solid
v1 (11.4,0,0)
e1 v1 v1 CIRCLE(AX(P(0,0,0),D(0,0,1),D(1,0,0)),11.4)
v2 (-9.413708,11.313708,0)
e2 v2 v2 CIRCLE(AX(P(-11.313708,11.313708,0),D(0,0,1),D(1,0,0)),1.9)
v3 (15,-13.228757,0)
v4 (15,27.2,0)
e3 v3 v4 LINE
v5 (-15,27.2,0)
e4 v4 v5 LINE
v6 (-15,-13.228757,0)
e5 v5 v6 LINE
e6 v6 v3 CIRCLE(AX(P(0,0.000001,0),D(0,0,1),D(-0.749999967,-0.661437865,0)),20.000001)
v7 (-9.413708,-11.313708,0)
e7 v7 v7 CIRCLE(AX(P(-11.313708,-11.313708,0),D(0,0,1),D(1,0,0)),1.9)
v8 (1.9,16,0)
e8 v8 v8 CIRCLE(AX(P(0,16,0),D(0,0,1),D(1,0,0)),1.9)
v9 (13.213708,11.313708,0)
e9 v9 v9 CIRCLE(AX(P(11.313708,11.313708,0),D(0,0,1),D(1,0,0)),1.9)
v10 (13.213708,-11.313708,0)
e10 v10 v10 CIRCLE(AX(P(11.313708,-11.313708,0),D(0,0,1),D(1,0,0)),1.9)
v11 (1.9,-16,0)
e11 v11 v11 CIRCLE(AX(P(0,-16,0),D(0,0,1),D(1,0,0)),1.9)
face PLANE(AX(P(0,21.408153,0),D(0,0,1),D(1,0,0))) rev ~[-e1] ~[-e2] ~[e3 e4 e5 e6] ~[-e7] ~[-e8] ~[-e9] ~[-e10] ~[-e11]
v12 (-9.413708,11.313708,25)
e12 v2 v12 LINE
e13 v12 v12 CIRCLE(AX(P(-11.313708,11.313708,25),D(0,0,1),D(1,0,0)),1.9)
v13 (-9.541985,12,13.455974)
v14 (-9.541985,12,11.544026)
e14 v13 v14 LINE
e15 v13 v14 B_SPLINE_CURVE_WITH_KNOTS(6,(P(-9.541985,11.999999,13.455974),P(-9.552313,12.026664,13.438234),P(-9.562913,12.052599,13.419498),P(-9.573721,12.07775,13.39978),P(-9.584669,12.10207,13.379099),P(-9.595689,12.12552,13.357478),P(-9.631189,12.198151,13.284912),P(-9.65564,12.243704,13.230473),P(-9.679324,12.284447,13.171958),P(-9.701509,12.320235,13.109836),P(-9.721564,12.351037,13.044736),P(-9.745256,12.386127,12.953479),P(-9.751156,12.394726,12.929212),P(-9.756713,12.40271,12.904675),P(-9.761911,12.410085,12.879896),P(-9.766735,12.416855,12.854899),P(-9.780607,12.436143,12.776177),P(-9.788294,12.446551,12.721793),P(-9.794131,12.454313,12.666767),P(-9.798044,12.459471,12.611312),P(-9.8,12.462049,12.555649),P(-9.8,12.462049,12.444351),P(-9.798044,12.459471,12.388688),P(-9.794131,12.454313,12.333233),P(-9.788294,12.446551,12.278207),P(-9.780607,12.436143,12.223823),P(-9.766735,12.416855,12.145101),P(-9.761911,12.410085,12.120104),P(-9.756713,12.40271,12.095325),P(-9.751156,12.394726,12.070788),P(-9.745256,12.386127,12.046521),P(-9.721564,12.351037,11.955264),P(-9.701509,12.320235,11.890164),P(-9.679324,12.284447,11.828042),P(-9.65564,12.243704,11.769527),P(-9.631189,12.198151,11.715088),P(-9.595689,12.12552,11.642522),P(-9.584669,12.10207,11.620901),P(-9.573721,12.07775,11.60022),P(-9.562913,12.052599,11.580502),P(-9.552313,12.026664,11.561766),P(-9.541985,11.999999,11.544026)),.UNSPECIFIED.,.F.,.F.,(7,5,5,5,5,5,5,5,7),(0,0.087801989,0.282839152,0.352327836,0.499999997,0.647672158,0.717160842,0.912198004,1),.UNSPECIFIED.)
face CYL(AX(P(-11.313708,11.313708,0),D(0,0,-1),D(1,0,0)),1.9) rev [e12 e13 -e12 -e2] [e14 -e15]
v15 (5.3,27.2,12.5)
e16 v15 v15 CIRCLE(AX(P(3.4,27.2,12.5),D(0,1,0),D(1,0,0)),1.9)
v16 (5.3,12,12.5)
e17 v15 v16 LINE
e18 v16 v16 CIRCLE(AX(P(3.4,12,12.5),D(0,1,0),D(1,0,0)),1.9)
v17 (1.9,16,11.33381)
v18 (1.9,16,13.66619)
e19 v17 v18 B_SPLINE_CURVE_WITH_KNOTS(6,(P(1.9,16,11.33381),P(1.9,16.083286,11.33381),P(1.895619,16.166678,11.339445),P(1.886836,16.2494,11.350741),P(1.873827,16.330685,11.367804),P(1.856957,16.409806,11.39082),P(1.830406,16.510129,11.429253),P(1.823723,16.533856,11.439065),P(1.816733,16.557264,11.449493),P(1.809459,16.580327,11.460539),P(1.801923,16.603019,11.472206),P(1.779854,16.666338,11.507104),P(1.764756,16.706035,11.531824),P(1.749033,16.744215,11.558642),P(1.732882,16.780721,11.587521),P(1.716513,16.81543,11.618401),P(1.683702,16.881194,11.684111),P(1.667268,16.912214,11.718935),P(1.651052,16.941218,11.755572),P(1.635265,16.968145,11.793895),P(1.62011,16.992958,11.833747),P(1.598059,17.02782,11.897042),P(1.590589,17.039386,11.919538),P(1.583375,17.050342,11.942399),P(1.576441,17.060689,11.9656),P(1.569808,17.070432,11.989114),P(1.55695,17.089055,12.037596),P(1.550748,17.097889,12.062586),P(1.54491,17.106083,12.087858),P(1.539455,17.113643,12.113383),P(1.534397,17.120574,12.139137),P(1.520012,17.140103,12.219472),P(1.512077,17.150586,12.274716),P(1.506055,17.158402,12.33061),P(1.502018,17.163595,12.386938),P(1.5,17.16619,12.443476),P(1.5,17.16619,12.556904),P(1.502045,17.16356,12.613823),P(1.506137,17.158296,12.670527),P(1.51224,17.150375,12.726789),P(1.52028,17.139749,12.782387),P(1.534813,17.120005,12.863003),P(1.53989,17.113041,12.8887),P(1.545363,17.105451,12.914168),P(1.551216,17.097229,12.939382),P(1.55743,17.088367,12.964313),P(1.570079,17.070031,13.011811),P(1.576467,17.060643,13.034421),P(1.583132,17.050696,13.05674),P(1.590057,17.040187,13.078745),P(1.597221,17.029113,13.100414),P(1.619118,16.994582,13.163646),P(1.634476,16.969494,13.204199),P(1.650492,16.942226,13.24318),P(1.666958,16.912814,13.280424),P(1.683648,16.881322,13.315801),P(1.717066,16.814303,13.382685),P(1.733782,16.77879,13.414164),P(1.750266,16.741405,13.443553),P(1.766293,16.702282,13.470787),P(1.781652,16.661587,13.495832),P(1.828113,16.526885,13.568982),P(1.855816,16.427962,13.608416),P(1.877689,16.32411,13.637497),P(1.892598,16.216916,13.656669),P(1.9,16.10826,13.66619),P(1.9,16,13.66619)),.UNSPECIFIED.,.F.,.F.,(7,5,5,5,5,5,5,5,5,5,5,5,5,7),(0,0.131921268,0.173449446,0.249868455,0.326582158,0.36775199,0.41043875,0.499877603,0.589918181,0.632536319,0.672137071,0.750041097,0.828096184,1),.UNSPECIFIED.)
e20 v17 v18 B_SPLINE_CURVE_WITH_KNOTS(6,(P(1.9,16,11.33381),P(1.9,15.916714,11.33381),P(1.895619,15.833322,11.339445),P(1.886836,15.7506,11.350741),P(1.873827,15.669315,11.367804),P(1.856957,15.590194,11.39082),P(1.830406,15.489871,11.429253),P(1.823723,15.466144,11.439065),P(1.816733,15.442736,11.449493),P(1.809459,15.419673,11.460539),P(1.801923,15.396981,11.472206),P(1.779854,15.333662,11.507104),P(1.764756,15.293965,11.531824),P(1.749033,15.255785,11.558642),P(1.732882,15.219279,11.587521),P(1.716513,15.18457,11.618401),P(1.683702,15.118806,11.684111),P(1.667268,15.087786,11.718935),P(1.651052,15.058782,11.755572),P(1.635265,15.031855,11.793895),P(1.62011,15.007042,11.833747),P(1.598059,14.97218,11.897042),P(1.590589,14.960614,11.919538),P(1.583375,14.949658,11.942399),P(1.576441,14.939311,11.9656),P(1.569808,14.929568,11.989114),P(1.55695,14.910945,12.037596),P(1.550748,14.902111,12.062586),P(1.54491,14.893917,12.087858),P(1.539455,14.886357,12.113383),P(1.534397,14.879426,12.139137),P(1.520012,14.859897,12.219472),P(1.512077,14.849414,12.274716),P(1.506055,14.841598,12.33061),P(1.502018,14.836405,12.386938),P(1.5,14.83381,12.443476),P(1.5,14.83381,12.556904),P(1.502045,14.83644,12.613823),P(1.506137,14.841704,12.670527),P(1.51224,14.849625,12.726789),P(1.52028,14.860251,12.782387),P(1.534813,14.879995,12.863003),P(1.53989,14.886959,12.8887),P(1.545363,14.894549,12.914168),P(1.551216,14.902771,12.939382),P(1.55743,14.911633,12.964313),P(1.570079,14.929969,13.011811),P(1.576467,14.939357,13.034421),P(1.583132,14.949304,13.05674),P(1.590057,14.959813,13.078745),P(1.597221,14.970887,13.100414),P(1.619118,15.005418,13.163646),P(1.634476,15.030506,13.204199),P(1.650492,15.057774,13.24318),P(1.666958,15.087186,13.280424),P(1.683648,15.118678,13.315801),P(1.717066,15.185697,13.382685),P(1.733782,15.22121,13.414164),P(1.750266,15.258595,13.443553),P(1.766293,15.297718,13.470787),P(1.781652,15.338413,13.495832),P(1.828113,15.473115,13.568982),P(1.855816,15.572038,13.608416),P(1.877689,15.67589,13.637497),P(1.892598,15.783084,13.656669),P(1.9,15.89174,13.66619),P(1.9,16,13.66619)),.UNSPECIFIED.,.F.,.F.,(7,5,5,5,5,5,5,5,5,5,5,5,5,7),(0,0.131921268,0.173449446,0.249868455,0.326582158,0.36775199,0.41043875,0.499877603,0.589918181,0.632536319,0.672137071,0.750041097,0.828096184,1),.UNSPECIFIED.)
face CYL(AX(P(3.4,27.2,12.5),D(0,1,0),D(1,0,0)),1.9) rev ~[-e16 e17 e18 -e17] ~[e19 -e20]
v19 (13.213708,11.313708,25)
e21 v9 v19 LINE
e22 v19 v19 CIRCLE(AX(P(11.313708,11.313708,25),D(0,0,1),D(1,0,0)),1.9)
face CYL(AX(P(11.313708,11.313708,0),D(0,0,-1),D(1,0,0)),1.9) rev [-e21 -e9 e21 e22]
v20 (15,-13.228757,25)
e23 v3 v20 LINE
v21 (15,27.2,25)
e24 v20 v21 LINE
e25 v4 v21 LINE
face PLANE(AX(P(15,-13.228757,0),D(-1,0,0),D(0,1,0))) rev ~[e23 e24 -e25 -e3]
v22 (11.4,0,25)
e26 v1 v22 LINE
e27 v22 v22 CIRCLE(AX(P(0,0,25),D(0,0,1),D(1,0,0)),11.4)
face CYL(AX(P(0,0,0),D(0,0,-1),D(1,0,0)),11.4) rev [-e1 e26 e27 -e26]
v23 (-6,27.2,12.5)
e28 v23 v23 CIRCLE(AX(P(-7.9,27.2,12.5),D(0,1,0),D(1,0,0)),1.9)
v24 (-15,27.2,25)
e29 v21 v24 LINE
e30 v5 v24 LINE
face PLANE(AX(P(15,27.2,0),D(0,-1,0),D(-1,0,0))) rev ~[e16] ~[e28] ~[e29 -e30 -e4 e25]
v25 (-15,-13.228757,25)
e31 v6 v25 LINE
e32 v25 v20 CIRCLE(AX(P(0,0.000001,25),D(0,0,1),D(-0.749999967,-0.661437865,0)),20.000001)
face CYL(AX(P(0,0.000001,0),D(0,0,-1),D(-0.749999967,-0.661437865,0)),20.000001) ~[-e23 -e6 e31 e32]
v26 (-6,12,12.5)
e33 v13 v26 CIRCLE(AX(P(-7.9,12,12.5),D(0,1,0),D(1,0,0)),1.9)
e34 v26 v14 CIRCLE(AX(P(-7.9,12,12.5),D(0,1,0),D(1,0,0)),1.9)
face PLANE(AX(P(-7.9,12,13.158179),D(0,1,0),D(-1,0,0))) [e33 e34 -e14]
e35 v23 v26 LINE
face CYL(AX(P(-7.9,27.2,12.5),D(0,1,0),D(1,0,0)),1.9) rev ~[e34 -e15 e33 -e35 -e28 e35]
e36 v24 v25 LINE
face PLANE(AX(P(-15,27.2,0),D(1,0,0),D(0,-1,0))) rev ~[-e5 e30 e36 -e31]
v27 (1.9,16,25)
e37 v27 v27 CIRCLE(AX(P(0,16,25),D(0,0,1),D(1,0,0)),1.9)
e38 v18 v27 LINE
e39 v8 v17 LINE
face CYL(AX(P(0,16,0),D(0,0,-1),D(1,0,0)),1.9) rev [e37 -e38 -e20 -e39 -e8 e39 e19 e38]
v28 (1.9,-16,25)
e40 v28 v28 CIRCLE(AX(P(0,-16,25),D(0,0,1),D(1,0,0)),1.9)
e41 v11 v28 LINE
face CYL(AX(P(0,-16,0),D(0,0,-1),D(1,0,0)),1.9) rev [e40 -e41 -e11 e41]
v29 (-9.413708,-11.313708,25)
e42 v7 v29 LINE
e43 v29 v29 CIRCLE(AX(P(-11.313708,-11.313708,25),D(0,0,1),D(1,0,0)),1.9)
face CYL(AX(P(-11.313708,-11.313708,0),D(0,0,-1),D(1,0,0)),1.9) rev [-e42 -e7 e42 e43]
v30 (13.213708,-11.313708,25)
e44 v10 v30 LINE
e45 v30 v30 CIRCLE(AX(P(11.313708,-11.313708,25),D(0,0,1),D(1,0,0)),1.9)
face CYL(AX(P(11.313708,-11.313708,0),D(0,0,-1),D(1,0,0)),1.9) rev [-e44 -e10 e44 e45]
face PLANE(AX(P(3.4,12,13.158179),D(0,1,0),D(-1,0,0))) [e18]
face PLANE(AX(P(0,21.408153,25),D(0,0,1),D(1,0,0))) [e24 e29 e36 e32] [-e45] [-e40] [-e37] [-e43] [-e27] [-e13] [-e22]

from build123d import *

# Parameters (mm, degrees)
F0_R     = 1.9
F0_R_2   = 11.4
F1_DEPTH = 25
F3_DEPTH = 15.2


with BuildPart() as f1:
    # F0 (on Top) → F1 (new body)
    with BuildSketch(Plane.XY):
        with BuildLine():
            ThreePointArc((-15, 13.228757), (0, 20), (15, 13.228757))
            Line((15, 13.228757), (15, 27.2))
            Line((15, 27.2), (-15, 27.2))
            Line((-15, 27.2), (-15, 13.228757))
        make_face()
        with BuildLine():
            ThreePointArc((-15, -13.228757), (0, -20), (15, -13.228757))
            Line((15, -13.228757), (15, 13.228757))
            ThreePointArc((15, 13.228757), (0, 20), (-15, 13.228757))
            Line((-15, 13.228757), (-15, -13.228757))
        make_face()
        with Locations((-11.313708, -11.313708)):
            Circle(F0_R, mode=Mode.SUBTRACT)
        with Locations((0, -16)):
            Circle(F0_R, mode=Mode.SUBTRACT)
        with Locations((11.313708, -11.313708)):
            Circle(F0_R, mode=Mode.SUBTRACT)
        with Locations((-11.313708, 11.313708)):
            Circle(F0_R, mode=Mode.SUBTRACT)
        Circle(F0_R_2, mode=Mode.SUBTRACT)
        with Locations((11.313708, 11.313708)):
            Circle(F0_R, mode=Mode.SUBTRACT)
        with Locations((0, 16)):
            Circle(F0_R, mode=Mode.SUBTRACT)
    extrude(amount=F1_DEPTH)

    # F2 (on face) → F3 (cut)
    with BuildSketch(Plane(origin=(0, 27.2, 0), x_dir=(-1, 0, 0), z_dir=(0, 1, 0))):
        with BuildLine():
            ThreePointArc((-1.5, 12.5), (-3.4, 14.4), (-5.3, 12.5))
            Line((-5.3, 12.5), (-1.5, 12.5))
        make_face()
        with BuildLine():
            ThreePointArc((9.8, 12.5), (7.9, 14.4), (6, 12.5))
            Line((6, 12.5), (9.8, 12.5))
        make_face()
        with BuildLine():
            Line((9.8, 12.5), (6, 12.5))
            ThreePointArc((6, 12.5), (7.9, 10.6), (9.8, 12.5))
        make_face()
        with BuildLine():
            Line((-1.5, 12.5), (-5.3, 12.5))
            ThreePointArc((-5.3, 12.5), (-3.4, 10.6), (-1.5, 12.5))
        make_face()
    extrude(amount=-F3_DEPTH, mode=Mode.SUBTRACT)


solid = f1.part
